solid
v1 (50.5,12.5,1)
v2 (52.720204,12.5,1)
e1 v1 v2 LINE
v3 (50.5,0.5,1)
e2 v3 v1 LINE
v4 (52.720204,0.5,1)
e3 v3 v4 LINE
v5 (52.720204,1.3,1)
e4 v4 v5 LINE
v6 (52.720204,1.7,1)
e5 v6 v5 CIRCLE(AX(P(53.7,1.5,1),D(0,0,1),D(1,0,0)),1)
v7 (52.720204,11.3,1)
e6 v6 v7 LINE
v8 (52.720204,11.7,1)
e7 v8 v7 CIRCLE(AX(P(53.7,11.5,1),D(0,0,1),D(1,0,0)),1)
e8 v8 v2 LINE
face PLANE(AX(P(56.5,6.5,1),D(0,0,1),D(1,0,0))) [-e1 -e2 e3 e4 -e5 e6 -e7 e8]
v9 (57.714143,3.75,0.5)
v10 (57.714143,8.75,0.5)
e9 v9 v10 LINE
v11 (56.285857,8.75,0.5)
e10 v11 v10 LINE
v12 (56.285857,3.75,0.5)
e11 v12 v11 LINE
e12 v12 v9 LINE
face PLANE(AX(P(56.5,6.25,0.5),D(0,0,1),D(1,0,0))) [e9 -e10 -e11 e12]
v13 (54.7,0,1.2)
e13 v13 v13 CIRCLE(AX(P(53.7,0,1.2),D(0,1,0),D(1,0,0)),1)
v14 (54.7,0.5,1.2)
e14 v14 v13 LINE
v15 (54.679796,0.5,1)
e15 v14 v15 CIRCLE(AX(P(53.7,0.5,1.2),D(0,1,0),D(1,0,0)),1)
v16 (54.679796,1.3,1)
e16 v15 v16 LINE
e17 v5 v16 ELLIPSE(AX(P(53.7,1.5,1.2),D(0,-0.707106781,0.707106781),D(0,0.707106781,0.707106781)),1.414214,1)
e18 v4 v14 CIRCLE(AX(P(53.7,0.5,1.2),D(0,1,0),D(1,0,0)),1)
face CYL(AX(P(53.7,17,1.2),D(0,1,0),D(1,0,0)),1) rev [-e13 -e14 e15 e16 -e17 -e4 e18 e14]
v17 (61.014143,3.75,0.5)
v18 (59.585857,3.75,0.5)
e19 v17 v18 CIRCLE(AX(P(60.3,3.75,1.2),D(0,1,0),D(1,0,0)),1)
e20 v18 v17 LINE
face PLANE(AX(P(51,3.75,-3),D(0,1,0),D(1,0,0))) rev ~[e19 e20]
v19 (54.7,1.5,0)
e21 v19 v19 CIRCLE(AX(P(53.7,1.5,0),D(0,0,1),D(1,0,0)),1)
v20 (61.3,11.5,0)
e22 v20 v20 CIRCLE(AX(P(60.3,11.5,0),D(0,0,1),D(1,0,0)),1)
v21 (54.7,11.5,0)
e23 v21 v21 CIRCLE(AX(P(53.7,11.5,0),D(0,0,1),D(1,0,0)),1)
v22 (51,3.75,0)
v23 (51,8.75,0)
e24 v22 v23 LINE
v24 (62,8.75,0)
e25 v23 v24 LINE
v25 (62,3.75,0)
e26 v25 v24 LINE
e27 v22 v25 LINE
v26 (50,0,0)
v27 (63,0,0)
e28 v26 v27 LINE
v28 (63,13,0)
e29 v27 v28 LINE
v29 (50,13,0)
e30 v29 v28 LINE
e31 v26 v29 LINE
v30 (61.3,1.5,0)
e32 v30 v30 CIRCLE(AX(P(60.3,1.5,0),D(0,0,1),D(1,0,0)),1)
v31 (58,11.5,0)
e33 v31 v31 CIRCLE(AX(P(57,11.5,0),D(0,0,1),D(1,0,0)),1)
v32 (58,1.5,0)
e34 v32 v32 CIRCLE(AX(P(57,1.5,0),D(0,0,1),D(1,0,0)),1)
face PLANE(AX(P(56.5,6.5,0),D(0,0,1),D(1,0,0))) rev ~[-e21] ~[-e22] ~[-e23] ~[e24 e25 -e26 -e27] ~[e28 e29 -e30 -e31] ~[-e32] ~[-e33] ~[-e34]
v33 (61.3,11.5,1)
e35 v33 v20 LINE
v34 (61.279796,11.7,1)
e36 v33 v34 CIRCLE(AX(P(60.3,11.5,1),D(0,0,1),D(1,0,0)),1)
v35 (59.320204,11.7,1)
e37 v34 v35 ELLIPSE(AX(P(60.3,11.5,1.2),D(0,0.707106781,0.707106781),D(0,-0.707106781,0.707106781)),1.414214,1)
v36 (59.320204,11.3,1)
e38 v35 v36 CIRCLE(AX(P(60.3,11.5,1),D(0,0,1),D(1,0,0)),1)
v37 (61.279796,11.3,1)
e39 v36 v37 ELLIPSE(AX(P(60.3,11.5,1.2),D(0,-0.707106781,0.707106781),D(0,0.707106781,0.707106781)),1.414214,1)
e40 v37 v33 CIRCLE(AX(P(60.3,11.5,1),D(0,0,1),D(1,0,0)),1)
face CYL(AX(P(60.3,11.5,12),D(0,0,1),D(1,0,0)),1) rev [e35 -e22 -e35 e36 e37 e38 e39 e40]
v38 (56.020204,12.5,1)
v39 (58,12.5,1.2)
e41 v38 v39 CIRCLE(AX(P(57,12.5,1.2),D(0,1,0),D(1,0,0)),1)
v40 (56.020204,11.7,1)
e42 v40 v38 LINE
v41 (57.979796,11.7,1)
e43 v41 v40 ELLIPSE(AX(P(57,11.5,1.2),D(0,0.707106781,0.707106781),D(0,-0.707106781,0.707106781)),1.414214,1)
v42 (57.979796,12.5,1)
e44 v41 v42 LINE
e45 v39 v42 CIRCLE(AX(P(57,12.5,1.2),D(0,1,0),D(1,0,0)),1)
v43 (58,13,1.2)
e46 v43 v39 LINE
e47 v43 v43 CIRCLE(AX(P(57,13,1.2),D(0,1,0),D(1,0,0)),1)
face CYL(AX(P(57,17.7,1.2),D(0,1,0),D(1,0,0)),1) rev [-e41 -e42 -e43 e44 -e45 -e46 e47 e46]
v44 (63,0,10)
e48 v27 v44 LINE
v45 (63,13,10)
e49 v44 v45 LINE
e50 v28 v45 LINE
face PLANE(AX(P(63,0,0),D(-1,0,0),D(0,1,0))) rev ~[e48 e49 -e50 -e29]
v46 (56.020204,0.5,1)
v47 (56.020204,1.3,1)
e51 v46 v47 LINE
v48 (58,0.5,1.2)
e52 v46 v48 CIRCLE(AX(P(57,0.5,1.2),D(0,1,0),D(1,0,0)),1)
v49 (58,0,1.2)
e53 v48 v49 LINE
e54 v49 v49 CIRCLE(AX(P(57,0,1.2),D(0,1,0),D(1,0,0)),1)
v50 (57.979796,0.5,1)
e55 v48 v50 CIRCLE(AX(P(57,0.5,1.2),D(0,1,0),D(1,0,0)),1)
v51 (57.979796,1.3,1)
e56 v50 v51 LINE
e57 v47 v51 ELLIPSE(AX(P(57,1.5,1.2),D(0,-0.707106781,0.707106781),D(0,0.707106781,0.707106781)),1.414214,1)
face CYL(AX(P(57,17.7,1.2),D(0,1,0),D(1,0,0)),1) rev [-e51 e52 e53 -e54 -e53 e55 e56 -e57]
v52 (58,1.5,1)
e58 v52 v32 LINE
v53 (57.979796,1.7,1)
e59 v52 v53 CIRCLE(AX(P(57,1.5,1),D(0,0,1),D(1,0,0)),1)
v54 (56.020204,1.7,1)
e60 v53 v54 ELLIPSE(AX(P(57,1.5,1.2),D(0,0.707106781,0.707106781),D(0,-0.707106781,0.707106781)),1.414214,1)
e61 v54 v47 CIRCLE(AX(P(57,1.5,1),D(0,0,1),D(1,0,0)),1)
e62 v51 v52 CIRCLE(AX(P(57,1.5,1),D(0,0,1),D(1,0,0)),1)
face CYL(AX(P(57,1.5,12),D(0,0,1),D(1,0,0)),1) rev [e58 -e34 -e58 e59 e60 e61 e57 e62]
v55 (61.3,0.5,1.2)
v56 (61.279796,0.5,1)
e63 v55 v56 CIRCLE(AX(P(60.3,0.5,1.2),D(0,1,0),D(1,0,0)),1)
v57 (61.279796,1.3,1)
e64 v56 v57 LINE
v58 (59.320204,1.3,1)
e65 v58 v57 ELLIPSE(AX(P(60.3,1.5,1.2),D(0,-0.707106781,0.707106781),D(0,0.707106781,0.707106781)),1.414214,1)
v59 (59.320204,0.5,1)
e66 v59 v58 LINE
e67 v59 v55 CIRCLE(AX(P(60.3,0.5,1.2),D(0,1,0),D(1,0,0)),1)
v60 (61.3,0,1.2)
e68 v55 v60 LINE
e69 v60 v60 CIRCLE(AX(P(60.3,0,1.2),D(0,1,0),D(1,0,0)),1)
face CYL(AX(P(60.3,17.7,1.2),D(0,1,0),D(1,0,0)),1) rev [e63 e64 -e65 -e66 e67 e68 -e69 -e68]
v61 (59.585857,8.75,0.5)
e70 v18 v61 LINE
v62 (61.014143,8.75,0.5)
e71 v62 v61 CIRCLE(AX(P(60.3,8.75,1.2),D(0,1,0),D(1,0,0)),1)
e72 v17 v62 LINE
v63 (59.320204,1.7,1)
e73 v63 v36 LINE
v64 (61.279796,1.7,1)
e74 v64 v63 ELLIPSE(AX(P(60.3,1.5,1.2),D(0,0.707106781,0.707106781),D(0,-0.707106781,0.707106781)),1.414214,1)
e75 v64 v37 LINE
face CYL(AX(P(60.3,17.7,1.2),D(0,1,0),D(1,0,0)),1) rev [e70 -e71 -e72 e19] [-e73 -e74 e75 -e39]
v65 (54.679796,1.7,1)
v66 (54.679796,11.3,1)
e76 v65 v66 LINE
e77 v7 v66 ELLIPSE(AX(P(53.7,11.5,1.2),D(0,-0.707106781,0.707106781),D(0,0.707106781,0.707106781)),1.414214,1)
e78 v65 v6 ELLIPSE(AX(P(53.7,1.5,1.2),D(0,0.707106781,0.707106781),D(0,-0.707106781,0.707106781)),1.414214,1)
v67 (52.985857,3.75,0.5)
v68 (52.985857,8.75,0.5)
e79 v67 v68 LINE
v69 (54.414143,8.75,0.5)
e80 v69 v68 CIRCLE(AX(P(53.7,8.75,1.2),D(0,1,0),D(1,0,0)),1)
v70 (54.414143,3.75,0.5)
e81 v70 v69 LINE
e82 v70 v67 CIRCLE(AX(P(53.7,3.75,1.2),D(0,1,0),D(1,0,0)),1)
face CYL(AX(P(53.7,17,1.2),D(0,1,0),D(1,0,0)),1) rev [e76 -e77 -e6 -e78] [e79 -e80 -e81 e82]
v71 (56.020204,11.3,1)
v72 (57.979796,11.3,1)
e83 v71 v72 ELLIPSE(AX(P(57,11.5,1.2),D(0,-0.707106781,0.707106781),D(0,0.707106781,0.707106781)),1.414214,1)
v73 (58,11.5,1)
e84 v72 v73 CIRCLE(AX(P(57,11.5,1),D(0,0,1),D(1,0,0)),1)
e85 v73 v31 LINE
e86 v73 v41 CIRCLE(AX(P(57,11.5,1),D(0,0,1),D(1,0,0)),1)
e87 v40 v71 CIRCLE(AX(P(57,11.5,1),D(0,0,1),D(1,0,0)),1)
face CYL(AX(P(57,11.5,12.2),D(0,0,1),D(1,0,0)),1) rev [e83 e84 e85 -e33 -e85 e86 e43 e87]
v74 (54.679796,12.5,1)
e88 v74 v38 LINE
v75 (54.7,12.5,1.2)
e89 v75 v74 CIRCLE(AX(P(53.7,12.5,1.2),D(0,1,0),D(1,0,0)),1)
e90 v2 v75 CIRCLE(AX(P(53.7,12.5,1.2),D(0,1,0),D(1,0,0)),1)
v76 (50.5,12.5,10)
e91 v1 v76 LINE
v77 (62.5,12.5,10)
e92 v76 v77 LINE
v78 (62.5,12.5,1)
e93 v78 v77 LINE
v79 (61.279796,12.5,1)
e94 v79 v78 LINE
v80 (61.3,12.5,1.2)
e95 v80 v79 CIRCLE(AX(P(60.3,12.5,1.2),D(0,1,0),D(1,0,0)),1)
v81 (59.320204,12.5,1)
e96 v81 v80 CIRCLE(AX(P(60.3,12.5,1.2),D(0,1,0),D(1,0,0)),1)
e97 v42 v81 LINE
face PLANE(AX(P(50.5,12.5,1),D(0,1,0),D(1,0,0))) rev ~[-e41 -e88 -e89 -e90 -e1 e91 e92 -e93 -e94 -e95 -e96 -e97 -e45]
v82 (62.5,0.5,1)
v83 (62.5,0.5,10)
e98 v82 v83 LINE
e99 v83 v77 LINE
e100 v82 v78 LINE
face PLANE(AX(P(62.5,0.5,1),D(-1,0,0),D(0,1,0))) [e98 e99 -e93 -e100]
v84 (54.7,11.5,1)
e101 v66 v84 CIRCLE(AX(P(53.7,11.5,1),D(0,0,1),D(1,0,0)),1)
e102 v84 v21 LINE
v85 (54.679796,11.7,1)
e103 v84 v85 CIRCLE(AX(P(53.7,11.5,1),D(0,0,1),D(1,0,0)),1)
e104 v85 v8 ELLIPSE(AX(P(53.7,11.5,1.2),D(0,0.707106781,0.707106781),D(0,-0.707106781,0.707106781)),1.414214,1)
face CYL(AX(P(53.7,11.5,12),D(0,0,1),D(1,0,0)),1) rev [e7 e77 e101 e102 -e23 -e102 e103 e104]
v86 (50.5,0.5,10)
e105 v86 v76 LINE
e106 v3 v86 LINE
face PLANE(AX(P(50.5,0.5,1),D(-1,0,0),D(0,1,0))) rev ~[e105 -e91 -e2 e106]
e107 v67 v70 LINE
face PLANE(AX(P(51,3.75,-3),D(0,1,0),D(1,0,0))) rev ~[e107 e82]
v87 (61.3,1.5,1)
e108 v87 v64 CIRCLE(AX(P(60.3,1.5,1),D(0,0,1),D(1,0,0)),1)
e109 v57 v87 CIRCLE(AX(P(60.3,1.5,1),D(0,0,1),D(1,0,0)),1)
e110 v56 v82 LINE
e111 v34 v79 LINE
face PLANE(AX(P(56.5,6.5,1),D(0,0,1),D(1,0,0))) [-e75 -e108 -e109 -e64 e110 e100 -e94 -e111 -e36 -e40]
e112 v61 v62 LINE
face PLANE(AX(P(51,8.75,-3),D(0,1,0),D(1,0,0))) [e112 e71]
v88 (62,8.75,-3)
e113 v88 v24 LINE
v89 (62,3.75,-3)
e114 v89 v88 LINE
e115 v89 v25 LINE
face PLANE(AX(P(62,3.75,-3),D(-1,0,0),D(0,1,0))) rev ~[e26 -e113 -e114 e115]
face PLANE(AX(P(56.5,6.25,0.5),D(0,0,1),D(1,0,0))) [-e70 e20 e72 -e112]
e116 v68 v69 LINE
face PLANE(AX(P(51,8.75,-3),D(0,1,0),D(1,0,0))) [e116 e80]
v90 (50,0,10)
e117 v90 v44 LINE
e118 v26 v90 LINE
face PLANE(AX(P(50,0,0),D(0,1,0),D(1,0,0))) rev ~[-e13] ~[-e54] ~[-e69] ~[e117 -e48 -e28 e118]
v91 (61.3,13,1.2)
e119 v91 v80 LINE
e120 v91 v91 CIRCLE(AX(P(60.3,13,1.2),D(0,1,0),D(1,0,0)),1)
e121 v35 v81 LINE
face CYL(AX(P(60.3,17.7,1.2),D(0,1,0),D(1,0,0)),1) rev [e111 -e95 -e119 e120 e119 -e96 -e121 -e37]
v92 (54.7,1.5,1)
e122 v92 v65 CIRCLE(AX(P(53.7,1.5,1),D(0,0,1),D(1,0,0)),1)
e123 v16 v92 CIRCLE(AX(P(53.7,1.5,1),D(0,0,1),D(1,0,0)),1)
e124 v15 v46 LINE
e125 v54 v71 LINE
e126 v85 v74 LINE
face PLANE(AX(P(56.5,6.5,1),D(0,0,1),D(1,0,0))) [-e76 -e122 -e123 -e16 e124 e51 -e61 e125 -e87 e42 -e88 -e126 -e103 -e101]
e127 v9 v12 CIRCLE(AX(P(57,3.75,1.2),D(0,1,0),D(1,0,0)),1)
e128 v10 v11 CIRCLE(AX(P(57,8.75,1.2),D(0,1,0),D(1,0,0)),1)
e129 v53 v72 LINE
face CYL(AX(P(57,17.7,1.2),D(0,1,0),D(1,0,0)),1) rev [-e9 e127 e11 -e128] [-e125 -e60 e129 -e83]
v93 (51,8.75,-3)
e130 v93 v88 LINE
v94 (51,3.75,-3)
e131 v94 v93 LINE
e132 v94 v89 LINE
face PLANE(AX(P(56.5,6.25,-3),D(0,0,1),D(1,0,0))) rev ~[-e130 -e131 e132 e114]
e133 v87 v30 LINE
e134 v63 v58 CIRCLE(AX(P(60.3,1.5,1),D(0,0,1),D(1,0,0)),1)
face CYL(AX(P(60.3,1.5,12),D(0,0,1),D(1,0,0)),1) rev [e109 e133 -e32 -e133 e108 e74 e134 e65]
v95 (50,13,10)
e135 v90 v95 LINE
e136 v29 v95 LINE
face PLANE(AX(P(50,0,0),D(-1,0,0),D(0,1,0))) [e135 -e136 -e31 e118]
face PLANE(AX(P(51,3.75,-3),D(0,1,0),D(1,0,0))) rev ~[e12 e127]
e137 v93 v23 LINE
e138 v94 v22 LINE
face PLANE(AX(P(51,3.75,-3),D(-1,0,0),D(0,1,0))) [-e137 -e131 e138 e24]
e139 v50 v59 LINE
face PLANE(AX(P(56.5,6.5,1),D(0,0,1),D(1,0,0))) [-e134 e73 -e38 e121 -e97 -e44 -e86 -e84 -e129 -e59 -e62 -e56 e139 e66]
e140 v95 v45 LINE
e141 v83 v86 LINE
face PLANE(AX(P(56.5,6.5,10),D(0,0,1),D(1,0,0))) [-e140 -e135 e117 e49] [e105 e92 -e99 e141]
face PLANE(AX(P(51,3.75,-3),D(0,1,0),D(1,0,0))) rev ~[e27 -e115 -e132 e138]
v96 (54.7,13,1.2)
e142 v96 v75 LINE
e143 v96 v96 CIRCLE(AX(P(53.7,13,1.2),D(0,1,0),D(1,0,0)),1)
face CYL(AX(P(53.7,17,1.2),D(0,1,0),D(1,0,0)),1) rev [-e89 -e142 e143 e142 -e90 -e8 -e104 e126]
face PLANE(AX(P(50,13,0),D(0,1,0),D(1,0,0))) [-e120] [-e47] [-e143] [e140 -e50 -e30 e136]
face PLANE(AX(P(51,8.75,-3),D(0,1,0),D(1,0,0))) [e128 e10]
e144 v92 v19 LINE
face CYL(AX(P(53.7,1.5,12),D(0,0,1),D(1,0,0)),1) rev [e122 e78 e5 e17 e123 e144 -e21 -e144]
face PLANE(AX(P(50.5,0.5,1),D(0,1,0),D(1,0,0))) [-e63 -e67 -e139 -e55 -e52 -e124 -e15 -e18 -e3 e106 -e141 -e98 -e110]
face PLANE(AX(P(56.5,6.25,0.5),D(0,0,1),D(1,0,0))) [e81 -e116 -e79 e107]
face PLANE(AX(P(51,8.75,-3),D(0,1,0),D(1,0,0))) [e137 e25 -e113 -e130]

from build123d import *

# Parameters (mm, degrees)
CYLINDER007_R     = 1
CYLINDER007_DEPTH = 20
CYLINDER006_R     = 1
CYLINDER006_DEPTH = 20
CYLINDER008_R     = 1
CYLINDER008_DEPTH = 20
CYLINDER004_R     = 1
CYLINDER004_DEPTH = 20
CYLINDER003_R     = 1
CYLINDER003_DEPTH = 20
CYLINDER005_R     = 1
CYLINDER005_DEPTH = 20
CYLINDER001_R     = 1
CYLINDER001_DEPTH = 20
CYLINDER_R        = 1
CYLINDER_DEPTH    = 20
CYLINDER002_R     = 1
CYLINDER002_DEPTH = 20
BOX001_W          = 12
BOX001_H          = 12
BOX001_DEPTH      = 9
BOX_W             = 13
BOX_H             = 13
BOX_DEPTH         = 10
BOX002_W          = 11
BOX002_H          = 5
BOX002_DEPTH      = 3.5


with BuildPart() as cilindro007:
    # Cylinder007 → Cylinder007 (new body)
    with BuildSketch(Plane(origin=(3.7, 17, 1.2), x_dir=(1, 0, 0), z_dir=(0, -1, 0))):
        Circle(CYLINDER007_R)
    extrude(amount=CYLINDER007_DEPTH)


with BuildPart() as cilindro006:
    # Cylinder006 → Cylinder006 (new body)
    with BuildSketch(Plane(origin=(10.3, 17.7, 1.2), x_dir=(1, 0, 0), z_dir=(0, -1, 0))):
        Circle(CYLINDER006_R)
    extrude(amount=CYLINDER006_DEPTH)


with BuildPart() as cilindro008:
    # Cylinder008 → Cylinder008 (new body)
    with BuildSketch(Plane(origin=(7, 17.7, 1.2), x_dir=(1, 0, 0), z_dir=(0, -1, 0))):
        Circle(CYLINDER008_R)
    extrude(amount=CYLINDER008_DEPTH)


with BuildPart() as cilindro004:
    # Cylinder004 → Cylinder004 (new body)
    with BuildSketch(Plane(origin=(3.7, 1.5, 12), x_dir=(1, 0, 0), z_dir=(0, 0, -1))):
        Circle(CYLINDER004_R)
    extrude(amount=CYLINDER004_DEPTH)


with BuildPart() as cilindro003:
    # Cylinder003 → Cylinder003 (new body)
    with BuildSketch(Plane(origin=(10.3, 1.5, 12), x_dir=(1, 0, 0), z_dir=(0, 0, -1))):
        Circle(CYLINDER003_R)
    extrude(amount=CYLINDER003_DEPTH)


with BuildPart() as cilindro005:
    # Cylinder005 → Cylinder005 (new body)
    with BuildSketch(Plane(origin=(7, 1.5, 12), x_dir=(1, 0, 0), z_dir=(0, 0, -1))):
        Circle(CYLINDER005_R)
    extrude(amount=CYLINDER005_DEPTH)


with BuildPart() as cilindro001:
    # Cylinder001 → Cylinder001 (new body)
    with BuildSketch(Plane(origin=(7, 11.5, 12.2), x_dir=(1, 0, 0), z_dir=(0, 0, -1))):
        Circle(CYLINDER001_R)
    extrude(amount=CYLINDER001_DEPTH)


with BuildPart() as cilindro:
    # Cylinder → Cylinder (new body)
    with BuildSketch(Plane(origin=(3.7, 11.5, 12), x_dir=(1, 0, 0), z_dir=(0, 0, -1))):
        Circle(CYLINDER_R)
    extrude(amount=CYLINDER_DEPTH)


with BuildPart() as cilindro002:
    # Cylinder002 → Cylinder002 (new body)
    with BuildSketch(Plane(origin=(10.3, 11.5, 12), x_dir=(1, 0, 0), z_dir=(0, 0, -1))):
        Circle(CYLINDER002_R)
    extrude(amount=CYLINDER002_DEPTH)


with BuildPart() as cubo001:
    # Box001 → Box001 (new body)
    with BuildSketch(Plane(origin=(0.5, 0.5, 1), x_dir=(1, 0, 0), z_dir=(0, 0, 1))):
        with Locations((6, 6)):
            Rectangle(BOX001_W, BOX001_H)
    extrude(amount=BOX001_DEPTH)


with BuildPart() as cut009:
    # Box → Box (new body)
    with BuildSketch(Plane.XY):
        with Locations((6.5, 6.5)):
            Rectangle(BOX_W, BOX_H)
    extrude(amount=BOX_DEPTH)

    # Cut: cut Cubo001
    add(cubo001.part, mode=Mode.SUBTRACT)

    # Cut001: cut Cilindro002
    add(cilindro002.part, mode=Mode.SUBTRACT)

    # Cut002: cut Cilindro
    add(cilindro.part, mode=Mode.SUBTRACT)

    # Cut003: cut Cilindro001
    add(cilindro001.part, mode=Mode.SUBTRACT)

    # Cut004: cut Cilindro005
    add(cilindro005.part, mode=Mode.SUBTRACT)

    # Cut005: cut Cilindro003
    add(cilindro003.part, mode=Mode.SUBTRACT)

    # Cut006: cut Cilindro004
    add(cilindro004.part, mode=Mode.SUBTRACT)

    # Cut007: cut Cilindro008
    add(cilindro008.part, mode=Mode.SUBTRACT)

    # Cut008: cut Cilindro006
    add(cilindro006.part, mode=Mode.SUBTRACT)

    # Cut009: cut Cilindro007
    add(cilindro007.part, mode=Mode.SUBTRACT)


with BuildPart() as normal:
    # Box002 → Box002 (new body)
    with BuildSketch(Plane(origin=(1, 3.75, -3), x_dir=(1, 0, 0), z_dir=(0, 0, 1))):
        with Locations((5.5, 2.5)):
            Rectangle(BOX002_W, BOX002_H)
    extrude(amount=BOX002_DEPTH)

    # Fusion: union Cut009
    add(cut009.part)


with BuildPart() as normal_1:
    # Fusion placement: moved
    add(normal.part.moved(Location((50, 0, 0))))


solid = normal_1.part
